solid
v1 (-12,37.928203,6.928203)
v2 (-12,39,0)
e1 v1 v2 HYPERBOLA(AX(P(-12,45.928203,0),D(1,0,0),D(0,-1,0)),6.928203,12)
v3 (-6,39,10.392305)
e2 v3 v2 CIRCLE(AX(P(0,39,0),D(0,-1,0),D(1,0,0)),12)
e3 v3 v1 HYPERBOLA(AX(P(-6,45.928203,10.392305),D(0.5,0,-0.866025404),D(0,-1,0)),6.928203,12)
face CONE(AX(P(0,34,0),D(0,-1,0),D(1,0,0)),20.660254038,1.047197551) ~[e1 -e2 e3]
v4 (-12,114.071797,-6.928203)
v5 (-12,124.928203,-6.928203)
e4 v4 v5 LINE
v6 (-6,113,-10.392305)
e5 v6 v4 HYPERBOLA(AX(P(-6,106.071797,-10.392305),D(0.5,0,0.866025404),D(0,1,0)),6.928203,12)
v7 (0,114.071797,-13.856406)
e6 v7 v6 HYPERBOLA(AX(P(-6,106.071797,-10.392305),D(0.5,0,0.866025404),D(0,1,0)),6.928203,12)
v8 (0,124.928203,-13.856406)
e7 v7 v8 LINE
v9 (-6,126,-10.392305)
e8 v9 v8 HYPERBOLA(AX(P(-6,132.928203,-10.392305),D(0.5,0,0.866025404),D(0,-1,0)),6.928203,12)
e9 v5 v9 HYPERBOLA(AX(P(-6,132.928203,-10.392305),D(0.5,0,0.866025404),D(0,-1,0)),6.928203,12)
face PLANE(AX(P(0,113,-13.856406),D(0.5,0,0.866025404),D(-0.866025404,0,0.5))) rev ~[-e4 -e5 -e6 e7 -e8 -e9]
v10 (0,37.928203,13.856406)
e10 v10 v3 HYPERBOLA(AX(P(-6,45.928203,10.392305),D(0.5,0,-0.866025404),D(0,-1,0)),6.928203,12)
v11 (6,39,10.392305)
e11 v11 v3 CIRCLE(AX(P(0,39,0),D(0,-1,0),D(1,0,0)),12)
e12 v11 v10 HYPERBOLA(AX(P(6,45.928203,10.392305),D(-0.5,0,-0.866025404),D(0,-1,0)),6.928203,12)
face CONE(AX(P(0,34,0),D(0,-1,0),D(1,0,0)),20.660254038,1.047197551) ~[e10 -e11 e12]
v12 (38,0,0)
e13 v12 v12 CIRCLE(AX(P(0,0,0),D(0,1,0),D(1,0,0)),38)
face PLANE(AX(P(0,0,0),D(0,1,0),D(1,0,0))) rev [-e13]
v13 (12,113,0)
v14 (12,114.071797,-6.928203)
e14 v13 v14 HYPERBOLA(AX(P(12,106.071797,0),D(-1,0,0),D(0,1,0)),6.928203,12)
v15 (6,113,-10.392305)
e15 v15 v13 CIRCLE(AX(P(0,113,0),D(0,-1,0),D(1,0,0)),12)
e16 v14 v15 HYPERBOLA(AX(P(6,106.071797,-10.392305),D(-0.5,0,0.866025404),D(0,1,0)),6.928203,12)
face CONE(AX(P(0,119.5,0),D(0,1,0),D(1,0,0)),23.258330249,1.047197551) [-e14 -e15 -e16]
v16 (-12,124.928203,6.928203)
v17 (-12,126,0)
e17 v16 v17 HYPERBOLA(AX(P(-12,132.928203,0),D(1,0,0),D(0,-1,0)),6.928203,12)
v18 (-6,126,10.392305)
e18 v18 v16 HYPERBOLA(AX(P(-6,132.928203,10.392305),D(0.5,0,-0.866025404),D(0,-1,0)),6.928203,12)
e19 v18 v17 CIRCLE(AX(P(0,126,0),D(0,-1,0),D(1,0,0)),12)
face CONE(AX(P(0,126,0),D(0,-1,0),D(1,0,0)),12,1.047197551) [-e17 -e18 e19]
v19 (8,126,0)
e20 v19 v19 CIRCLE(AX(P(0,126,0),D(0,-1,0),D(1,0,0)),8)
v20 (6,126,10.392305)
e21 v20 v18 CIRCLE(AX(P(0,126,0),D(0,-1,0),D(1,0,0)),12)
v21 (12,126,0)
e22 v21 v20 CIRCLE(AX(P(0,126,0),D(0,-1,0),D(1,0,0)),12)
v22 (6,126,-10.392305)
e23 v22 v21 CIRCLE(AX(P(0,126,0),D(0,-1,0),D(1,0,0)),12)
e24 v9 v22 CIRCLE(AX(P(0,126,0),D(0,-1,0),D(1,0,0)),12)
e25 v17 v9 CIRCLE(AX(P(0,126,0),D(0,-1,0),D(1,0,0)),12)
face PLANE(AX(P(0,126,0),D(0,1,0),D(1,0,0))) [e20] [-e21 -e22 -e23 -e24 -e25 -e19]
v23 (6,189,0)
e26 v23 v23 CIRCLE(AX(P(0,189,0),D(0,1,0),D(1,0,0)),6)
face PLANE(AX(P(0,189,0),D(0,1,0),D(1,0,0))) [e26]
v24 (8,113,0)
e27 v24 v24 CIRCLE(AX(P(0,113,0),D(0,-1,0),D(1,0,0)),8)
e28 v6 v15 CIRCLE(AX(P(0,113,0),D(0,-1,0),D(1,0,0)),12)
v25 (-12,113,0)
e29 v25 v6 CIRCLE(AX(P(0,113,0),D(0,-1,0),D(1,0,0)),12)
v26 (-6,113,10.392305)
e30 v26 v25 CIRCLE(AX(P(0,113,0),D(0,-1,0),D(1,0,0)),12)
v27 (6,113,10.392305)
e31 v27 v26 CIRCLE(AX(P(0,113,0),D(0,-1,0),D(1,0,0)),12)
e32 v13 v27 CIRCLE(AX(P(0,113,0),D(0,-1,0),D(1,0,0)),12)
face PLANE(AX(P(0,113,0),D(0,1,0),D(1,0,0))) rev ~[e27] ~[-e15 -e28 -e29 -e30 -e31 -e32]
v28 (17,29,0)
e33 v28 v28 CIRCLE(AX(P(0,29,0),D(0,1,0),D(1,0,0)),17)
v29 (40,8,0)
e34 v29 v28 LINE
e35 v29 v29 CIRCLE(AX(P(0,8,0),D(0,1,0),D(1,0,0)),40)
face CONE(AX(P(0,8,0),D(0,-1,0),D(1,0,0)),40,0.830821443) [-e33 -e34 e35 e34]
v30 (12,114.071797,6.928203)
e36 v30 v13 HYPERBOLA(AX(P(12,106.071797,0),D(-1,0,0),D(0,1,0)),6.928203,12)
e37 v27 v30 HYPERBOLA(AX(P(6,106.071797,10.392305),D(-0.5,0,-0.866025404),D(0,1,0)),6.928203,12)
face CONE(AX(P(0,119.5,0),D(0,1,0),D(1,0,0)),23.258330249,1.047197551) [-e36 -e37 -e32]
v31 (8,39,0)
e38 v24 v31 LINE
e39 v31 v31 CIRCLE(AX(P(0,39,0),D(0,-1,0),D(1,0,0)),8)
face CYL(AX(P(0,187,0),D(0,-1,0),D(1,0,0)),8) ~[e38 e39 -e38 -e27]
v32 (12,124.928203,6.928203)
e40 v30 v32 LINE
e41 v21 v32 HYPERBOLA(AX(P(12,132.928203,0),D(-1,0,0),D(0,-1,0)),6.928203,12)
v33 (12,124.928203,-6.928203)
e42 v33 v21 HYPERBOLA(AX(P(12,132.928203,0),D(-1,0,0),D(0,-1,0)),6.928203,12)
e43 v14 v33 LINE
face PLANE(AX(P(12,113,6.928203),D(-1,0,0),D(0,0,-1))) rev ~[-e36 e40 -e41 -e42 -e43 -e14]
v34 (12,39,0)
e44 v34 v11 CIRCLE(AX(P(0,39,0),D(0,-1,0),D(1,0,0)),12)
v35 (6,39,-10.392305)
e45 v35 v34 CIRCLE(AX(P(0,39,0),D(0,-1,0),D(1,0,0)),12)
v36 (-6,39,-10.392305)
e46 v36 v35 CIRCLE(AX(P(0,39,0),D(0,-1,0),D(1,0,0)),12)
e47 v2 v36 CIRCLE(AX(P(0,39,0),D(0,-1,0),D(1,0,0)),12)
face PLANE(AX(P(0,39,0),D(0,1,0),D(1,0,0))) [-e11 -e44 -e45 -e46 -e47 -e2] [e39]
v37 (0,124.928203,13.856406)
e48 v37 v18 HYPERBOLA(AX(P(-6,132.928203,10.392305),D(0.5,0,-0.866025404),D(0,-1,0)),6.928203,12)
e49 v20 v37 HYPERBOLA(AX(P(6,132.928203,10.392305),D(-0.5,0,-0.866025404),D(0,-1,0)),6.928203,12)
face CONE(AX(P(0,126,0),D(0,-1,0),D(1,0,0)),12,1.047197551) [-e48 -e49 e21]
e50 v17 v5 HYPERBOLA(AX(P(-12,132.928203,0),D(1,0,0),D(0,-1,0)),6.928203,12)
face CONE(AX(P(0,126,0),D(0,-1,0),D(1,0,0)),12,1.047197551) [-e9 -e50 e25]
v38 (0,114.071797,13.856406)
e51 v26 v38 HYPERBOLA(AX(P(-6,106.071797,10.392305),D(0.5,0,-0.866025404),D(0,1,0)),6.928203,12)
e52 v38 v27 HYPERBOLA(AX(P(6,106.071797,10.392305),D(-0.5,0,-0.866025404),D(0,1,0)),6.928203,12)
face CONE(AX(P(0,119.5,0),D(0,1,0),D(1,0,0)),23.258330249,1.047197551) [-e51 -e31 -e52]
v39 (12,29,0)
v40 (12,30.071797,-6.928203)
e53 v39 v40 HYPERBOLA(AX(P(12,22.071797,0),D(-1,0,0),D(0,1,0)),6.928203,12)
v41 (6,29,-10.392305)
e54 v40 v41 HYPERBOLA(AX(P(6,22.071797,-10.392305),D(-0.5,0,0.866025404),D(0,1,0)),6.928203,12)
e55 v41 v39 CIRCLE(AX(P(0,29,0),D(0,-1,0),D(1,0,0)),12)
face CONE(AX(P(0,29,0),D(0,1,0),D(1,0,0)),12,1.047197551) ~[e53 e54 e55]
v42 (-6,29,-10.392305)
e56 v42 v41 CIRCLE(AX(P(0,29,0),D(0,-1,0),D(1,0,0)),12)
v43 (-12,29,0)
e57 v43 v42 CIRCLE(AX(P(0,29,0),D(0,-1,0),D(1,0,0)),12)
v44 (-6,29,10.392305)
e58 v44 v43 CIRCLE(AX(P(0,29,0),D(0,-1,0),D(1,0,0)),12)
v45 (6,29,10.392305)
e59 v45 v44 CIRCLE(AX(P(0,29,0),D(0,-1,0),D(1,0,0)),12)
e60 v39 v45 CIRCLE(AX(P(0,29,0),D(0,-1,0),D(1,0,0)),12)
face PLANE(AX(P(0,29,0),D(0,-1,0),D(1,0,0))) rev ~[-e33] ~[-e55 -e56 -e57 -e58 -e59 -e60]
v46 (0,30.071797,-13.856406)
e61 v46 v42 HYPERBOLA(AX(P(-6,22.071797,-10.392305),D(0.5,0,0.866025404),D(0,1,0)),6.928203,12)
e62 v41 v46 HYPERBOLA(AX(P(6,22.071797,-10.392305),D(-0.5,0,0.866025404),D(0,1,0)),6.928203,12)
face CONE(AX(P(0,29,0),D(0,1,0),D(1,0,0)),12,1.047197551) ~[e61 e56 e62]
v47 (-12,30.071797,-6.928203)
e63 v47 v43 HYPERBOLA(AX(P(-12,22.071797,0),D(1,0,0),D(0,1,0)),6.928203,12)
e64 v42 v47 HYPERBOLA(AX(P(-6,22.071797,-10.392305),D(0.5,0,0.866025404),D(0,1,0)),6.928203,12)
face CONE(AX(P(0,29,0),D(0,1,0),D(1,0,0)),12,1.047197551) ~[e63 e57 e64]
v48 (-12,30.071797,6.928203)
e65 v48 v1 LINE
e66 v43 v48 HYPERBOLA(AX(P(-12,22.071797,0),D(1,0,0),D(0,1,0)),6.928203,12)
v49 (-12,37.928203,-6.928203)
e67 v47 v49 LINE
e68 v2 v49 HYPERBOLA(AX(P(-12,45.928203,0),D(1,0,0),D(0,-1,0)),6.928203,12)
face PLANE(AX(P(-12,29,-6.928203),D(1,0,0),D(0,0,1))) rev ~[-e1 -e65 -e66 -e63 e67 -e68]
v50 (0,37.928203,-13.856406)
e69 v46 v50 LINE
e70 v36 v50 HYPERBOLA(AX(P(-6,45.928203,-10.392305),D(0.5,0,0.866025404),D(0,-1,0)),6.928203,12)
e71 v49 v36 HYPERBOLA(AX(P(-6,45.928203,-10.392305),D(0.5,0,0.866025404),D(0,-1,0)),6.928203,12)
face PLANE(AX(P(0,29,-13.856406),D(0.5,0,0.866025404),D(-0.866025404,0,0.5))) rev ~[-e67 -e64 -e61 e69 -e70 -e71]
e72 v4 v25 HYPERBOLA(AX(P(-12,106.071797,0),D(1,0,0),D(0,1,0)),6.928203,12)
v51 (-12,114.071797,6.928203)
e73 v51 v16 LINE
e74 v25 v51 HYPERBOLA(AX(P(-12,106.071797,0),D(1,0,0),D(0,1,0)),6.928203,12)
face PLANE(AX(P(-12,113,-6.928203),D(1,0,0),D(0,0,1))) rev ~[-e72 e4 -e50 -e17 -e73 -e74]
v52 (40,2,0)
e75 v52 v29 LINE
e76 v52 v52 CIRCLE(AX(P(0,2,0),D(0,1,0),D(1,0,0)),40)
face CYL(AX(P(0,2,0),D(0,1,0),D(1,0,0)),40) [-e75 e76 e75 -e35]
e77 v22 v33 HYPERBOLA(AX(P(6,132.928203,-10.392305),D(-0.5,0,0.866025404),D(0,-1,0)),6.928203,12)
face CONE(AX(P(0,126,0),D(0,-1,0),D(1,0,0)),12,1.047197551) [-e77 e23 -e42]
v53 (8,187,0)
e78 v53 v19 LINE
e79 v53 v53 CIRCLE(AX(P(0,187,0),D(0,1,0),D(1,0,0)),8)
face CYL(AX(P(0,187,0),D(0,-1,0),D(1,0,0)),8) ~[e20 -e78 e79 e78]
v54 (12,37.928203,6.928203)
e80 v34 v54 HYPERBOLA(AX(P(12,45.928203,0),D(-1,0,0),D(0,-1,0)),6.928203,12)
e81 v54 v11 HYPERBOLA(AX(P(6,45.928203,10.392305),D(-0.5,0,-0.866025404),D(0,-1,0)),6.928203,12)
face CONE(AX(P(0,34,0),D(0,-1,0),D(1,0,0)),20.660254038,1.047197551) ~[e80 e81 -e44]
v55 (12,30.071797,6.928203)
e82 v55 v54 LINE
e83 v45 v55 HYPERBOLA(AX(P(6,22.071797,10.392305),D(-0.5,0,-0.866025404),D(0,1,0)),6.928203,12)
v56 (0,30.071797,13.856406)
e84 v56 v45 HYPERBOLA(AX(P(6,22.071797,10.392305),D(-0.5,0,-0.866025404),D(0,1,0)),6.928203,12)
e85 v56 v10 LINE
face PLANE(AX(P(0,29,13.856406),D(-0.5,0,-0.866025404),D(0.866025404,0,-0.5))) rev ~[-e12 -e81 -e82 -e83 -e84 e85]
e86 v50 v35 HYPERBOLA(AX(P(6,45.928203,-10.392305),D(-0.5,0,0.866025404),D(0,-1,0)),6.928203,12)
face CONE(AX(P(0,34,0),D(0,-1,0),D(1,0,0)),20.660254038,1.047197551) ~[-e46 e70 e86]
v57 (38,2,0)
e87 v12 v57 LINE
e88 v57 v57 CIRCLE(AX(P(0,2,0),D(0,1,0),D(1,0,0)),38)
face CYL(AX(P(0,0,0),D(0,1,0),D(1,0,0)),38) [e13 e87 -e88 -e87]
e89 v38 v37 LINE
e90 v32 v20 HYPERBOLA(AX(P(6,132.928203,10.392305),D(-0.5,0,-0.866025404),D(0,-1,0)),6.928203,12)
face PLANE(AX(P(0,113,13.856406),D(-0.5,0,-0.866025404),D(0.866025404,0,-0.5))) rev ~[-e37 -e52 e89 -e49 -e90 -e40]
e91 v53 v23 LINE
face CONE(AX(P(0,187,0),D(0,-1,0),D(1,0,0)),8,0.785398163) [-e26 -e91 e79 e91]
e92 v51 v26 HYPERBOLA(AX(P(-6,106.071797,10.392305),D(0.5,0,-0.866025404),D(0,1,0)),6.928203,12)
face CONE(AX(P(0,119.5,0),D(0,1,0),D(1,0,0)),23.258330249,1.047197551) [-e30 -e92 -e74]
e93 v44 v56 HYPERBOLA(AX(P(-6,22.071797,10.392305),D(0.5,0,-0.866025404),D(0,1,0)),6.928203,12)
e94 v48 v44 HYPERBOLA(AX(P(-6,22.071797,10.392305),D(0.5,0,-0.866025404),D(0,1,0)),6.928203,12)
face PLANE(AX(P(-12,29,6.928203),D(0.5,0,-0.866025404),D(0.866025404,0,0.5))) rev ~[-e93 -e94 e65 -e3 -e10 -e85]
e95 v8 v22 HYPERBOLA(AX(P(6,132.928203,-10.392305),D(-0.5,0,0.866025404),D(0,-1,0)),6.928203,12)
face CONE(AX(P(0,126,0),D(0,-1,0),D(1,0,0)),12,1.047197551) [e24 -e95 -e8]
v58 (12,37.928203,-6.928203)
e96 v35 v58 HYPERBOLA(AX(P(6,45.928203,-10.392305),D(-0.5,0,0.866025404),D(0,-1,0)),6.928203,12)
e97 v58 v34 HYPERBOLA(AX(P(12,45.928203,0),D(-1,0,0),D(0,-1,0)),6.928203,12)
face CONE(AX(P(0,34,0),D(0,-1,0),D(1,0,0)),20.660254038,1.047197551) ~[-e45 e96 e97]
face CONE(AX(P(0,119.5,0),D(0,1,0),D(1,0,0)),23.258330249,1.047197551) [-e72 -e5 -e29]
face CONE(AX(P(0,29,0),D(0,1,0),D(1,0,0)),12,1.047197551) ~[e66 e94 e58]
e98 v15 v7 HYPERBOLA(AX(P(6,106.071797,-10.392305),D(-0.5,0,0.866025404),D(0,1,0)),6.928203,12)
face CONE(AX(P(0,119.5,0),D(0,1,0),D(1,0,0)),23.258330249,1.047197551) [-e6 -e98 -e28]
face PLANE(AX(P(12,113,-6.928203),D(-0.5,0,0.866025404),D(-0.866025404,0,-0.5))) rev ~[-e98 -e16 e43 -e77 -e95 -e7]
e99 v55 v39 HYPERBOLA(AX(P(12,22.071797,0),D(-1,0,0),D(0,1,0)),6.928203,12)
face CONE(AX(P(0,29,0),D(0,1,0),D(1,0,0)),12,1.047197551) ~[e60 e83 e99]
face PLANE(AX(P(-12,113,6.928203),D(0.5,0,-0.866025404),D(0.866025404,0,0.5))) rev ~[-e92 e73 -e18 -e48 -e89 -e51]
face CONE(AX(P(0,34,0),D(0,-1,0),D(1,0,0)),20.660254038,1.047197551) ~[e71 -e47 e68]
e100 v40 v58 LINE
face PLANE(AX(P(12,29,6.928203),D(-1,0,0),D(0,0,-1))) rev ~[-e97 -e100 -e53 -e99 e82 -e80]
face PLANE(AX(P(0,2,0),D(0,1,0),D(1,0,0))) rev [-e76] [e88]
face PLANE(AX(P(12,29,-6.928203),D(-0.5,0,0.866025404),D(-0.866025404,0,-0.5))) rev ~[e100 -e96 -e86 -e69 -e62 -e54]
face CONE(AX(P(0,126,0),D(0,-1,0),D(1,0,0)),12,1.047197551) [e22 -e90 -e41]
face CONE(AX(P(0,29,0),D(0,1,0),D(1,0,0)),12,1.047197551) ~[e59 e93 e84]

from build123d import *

# Parameters (mm, degrees)
EXTRUDE_1_DEPTH = 10
EXTRUDE_2_DEPTH = 13


with BuildPart() as part:
    # Эскиз1 → Повернуть1 (revolve)
    with BuildSketch(Plane.XY, mode=Mode.PRIVATE) as revolve_1_sk:
        Polygon((0, 0), (-38, 0), (-38, 2), (-40, 2), (-40, 8), (-17, 29), (-8, 29), (-8, 39), (-8, 187), (-6, 189), (0, 189), align=None)
    revolve(revolve_1_sk.sketch.rotate(Axis((0, 0, 0), (0, 1, 0)), 180), axis=Axis((0, 0, 0), (0, 1, 0)))  # turned: the seam where the file's is

    # Эскиз2 → Бобышка-Вытянуть1 (add)
    with BuildSketch(Plane(origin=(0, 29, 0), x_dir=(1, 0, 0), z_dir=(0, 1, 0))):
        Polygon((0, 13.856406461), (-12, 6.92820323), (-12, -6.92820323), (0, -13.856406461), (12, -6.92820323), (12, 6.92820323), align=None)
    extrude(amount=EXTRUDE_1_DEPTH)

    # Эскиз3 → Бобышка-Вытянуть2 (add)
    with BuildSketch(Plane(origin=(0, 113, 0), x_dir=(1, 0, 0), z_dir=(0, 1, 0))):
        Polygon((12, 6.92820323), (0, 13.856406461), (-12, 6.92820323), (-12, -6.92820323), (0, -13.856406461), (12, -6.92820323), align=None)
    extrude(amount=EXTRUDE_2_DEPTH)

    # Эскиз4 → Вырез-Повернуть2 (revolve, cut)
    with BuildSketch(Plane.XY, mode=Mode.PRIVATE) as cut_revolve_2_sk:
        Polygon((-23.258330249, 126), (-12, 126), (-23.258330249, 119.5), align=None)
        Polygon((-23.258330249, 113), (-23.258330249, 119.5), (-12, 113), align=None)
        Polygon((-20.660254038, 39), (-20.660254038, 34), (-12, 39), align=None)
        Polygon((-20.660254038, 34), (-20.660254038, 29), (-12, 29), align=None)
    revolve(cut_revolve_2_sk.sketch.rotate(Axis((0, 189, 0), (0, -1, 0)), 180), axis=Axis((0, 189, 0), (0, -1, 0)), mode=Mode.SUBTRACT)  # turned: the seam where the file's is


solid = part.part
